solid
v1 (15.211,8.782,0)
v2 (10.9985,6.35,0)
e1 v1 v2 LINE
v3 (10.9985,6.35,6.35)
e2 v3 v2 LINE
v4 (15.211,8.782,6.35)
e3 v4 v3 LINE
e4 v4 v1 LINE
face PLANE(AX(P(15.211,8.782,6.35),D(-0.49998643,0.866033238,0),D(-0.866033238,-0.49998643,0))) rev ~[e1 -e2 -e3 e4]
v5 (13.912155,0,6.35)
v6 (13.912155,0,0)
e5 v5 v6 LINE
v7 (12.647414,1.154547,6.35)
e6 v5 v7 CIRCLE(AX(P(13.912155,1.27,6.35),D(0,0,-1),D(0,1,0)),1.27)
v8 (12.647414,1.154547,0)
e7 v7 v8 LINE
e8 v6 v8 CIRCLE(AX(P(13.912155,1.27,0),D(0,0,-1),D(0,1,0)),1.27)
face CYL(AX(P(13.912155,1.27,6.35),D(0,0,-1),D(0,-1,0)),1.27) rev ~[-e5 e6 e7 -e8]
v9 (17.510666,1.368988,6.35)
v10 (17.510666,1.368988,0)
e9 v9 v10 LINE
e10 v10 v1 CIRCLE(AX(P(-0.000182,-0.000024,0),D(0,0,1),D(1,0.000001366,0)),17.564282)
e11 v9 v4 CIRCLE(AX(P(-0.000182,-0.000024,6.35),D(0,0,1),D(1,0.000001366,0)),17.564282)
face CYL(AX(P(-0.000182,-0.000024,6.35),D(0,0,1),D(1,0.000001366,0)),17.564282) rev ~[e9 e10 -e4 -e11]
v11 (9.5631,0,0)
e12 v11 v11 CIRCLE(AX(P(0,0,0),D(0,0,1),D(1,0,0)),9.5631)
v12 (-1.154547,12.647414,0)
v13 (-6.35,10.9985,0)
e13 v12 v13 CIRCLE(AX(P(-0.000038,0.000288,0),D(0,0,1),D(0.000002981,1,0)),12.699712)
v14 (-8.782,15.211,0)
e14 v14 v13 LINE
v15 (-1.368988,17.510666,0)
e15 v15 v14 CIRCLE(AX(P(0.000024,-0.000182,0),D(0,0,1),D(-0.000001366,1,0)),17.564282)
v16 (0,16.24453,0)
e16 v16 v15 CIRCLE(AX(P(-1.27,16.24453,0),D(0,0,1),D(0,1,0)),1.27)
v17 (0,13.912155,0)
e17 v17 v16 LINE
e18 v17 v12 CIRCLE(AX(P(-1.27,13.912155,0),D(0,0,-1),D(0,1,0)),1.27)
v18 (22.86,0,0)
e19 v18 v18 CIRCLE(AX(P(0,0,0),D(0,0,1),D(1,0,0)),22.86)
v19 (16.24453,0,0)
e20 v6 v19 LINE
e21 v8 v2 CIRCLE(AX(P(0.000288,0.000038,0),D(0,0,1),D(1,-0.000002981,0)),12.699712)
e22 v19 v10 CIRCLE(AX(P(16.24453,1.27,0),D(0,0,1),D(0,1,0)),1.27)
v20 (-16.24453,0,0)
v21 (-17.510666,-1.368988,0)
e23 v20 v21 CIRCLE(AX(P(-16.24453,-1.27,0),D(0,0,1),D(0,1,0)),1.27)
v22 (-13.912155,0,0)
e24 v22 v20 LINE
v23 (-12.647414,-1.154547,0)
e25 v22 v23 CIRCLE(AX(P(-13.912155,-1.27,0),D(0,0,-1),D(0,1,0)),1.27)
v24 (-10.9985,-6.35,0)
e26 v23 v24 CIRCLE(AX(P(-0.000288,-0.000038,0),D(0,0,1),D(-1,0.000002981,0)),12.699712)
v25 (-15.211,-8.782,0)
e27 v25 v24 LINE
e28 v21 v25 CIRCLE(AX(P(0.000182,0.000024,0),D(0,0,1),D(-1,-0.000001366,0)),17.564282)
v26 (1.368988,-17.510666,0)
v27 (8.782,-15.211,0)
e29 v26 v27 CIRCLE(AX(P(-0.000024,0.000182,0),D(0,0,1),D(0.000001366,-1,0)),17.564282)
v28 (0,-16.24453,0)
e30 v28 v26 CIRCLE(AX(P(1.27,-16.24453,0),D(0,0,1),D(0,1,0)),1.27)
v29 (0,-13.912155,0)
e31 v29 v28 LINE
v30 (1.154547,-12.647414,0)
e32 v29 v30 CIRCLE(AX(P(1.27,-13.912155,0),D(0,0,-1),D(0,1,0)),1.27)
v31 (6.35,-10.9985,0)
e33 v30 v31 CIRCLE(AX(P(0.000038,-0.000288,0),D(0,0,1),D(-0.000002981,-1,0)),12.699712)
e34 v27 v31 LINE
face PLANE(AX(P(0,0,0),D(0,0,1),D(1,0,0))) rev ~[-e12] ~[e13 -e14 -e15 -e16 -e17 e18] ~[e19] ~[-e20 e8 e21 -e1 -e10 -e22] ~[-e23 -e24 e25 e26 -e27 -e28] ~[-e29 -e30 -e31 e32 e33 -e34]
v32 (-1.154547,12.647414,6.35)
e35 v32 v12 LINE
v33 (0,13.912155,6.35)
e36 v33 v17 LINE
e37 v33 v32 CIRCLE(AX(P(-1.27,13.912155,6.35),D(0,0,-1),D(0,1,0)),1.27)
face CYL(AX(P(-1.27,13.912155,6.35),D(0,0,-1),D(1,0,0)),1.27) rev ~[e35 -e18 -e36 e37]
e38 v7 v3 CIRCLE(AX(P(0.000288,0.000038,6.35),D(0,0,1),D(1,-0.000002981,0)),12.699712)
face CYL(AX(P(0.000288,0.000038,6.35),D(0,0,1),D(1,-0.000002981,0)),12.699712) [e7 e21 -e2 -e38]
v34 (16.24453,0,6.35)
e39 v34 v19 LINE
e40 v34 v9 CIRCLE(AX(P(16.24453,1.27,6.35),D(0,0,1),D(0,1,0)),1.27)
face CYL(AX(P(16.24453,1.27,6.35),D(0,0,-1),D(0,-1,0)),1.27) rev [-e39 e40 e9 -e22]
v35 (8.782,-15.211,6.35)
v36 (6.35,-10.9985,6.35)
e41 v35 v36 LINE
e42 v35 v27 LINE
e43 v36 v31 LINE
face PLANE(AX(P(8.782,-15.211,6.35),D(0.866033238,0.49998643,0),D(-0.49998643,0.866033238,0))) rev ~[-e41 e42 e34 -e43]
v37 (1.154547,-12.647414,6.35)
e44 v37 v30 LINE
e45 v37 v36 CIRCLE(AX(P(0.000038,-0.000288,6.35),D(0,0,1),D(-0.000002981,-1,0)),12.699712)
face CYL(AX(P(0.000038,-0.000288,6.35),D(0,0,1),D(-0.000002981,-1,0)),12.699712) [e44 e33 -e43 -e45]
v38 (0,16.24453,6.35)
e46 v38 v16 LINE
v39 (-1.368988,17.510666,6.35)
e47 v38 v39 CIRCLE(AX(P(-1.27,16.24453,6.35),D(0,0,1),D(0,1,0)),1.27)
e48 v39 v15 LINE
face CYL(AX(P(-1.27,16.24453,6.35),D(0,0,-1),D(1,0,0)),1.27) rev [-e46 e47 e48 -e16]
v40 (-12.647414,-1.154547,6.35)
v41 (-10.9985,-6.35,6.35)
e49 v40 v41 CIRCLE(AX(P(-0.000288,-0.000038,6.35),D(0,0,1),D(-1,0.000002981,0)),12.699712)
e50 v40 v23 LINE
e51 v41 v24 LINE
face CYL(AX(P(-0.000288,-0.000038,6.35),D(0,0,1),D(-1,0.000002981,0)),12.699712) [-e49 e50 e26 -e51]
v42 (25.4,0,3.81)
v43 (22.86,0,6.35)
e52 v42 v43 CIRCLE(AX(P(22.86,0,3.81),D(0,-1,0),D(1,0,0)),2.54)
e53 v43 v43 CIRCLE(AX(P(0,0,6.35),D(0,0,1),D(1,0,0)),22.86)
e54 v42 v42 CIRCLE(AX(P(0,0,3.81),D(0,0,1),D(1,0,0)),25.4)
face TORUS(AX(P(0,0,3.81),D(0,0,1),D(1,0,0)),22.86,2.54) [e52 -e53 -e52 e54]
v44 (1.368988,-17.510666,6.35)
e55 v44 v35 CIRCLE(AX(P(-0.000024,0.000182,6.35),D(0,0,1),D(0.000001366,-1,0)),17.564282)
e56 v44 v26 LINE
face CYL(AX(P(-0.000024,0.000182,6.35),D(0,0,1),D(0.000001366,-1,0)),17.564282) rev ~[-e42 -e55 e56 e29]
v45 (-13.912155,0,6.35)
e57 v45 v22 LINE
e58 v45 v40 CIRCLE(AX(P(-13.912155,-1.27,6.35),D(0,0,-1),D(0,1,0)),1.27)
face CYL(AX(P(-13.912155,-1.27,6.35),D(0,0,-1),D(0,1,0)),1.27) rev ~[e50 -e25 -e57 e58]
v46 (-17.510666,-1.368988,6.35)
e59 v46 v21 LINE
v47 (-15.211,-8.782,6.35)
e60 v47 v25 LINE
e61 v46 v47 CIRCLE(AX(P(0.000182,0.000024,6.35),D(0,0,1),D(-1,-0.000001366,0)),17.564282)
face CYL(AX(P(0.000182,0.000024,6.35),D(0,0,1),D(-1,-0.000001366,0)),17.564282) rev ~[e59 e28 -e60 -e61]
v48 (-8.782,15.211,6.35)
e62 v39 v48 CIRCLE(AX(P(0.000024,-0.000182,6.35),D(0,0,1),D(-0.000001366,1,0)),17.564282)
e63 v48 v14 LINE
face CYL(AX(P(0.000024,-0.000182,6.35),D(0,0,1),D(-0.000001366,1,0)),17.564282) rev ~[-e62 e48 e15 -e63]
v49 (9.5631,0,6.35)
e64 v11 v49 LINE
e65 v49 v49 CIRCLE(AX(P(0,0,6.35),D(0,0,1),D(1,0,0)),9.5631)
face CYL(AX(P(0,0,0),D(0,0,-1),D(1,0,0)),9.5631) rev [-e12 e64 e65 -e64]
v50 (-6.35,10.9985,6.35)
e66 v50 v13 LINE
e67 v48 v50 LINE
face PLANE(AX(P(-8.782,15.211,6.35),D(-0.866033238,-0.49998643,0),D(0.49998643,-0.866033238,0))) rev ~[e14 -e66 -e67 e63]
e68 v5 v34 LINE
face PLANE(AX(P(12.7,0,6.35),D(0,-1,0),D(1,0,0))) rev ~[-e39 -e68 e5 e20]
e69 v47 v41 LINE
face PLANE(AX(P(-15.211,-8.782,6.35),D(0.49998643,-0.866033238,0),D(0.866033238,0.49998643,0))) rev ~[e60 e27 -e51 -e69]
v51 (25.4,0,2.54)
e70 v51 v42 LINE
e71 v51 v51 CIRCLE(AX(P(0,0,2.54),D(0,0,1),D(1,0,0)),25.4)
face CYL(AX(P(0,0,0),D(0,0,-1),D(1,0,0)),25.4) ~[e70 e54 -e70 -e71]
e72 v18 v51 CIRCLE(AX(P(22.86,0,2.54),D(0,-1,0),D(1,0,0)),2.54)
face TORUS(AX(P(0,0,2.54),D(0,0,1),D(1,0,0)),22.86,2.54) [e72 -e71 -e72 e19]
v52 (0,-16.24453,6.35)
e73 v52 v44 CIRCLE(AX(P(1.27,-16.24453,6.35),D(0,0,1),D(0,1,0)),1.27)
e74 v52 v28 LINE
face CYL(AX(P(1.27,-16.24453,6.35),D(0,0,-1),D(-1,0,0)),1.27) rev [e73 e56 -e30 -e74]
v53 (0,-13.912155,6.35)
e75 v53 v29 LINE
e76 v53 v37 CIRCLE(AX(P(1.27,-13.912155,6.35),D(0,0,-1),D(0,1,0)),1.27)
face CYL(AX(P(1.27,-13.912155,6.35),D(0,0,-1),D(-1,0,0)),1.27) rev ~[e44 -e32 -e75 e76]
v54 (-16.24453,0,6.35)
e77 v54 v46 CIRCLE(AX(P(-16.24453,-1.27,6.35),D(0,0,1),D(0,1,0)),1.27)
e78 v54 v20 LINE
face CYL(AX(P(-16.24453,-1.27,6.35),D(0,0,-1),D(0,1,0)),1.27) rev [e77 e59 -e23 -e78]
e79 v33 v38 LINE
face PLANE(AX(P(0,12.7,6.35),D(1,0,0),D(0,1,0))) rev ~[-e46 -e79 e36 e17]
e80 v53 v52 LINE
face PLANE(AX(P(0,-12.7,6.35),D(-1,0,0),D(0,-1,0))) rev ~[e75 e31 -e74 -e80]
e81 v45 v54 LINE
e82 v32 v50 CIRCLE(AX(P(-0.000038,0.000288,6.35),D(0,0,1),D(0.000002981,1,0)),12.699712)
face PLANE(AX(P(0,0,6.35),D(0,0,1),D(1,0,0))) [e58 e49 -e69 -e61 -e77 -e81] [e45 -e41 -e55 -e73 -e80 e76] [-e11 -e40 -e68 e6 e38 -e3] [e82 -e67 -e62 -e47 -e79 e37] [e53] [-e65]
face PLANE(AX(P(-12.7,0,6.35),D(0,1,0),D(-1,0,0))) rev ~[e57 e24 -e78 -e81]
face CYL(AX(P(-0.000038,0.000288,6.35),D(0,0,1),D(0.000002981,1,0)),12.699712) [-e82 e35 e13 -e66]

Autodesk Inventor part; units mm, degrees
ref_plane "YZ Plane" through (0, 0, 0) normal (1, 0, 0) x (0, 1, 0)
ref_plane "XZ Plane" through (0, 0, 0) normal (0, 1, 0) x (-1, 0, 0)
ref_plane "XY Plane" through (0, 0, 0) normal (0, 0, 1) x (1, 0, 0)
sketch "Sketch1" plane through (0, 0, 0) normal (0, 0, 1) x (1, 0, 0)
  circle A0 centre (0, 0) radius 25.4
  circle A1 centre (0, 0) radius 9.5631
  dimension "d0" = 50.8
  dimension "d4" = 19.1262
extrude "Extrusion1" add sketch "Sketch1" along normal blind 6.35
sketch "Sketch2" plane through (0, 0, 6.35) normal (0, 0, 1) x (1, 0, 0)
  circle A0 centre (0, 0) radius 17.5641 construction
  line L0 (0, 17.5641) -> (0, 0) construction
  line L1 (0, 0) -> (-8.782, 15.211) construction
  line L2 (0, 0) -> (0, -17.5641) construction
  line L3 (0, 0) -> (8.7821, -15.211) construction
  circle A1 centre (0, 0) radius 12.7 construction
  arc A2 (0, 12.7) -> (-6.35, 10.9985) centre (0, 0) ccw
  arc A3 (0, 17.5641) -> (-8.782, 15.211) centre (0, 0) ccw
  line L4 (-8.782, 15.211) -> (-6.35, 10.9985)
  line L5 (0, 12.7) -> (0, 17.5641)
  dimension "d5" = 35.1282
  dimension "d6" = 30
  dimension "d7" = 25.4
extrude "Extrusion3" cut sketch "Sketch2" against normal up to surface (6.35 mm away)
pattern_circular "Circular Pattern2" count 4 over 360 about axis through (0, 0, 0) along (0, 0, 1) of "Extrusion3"
fillet "Fillet1" radius 1.27 8 edges at (0, 17.5641, 3.175) (0, 12.7, 3.175) (17.5641, 0, 3.175) (12.7, 0, 3.175) (0, -17.5641, 3.175) (0, -12.7, 3.175) (-17.5641, 0, 3.175) (-12.7, 0, 3.175)
fillet "Fillet2" radius 2.54 2 edges at (-25.4, 0, 0) (-25.4, 0, 6.35)
properties part number "Spool Cap Section Mk1"
